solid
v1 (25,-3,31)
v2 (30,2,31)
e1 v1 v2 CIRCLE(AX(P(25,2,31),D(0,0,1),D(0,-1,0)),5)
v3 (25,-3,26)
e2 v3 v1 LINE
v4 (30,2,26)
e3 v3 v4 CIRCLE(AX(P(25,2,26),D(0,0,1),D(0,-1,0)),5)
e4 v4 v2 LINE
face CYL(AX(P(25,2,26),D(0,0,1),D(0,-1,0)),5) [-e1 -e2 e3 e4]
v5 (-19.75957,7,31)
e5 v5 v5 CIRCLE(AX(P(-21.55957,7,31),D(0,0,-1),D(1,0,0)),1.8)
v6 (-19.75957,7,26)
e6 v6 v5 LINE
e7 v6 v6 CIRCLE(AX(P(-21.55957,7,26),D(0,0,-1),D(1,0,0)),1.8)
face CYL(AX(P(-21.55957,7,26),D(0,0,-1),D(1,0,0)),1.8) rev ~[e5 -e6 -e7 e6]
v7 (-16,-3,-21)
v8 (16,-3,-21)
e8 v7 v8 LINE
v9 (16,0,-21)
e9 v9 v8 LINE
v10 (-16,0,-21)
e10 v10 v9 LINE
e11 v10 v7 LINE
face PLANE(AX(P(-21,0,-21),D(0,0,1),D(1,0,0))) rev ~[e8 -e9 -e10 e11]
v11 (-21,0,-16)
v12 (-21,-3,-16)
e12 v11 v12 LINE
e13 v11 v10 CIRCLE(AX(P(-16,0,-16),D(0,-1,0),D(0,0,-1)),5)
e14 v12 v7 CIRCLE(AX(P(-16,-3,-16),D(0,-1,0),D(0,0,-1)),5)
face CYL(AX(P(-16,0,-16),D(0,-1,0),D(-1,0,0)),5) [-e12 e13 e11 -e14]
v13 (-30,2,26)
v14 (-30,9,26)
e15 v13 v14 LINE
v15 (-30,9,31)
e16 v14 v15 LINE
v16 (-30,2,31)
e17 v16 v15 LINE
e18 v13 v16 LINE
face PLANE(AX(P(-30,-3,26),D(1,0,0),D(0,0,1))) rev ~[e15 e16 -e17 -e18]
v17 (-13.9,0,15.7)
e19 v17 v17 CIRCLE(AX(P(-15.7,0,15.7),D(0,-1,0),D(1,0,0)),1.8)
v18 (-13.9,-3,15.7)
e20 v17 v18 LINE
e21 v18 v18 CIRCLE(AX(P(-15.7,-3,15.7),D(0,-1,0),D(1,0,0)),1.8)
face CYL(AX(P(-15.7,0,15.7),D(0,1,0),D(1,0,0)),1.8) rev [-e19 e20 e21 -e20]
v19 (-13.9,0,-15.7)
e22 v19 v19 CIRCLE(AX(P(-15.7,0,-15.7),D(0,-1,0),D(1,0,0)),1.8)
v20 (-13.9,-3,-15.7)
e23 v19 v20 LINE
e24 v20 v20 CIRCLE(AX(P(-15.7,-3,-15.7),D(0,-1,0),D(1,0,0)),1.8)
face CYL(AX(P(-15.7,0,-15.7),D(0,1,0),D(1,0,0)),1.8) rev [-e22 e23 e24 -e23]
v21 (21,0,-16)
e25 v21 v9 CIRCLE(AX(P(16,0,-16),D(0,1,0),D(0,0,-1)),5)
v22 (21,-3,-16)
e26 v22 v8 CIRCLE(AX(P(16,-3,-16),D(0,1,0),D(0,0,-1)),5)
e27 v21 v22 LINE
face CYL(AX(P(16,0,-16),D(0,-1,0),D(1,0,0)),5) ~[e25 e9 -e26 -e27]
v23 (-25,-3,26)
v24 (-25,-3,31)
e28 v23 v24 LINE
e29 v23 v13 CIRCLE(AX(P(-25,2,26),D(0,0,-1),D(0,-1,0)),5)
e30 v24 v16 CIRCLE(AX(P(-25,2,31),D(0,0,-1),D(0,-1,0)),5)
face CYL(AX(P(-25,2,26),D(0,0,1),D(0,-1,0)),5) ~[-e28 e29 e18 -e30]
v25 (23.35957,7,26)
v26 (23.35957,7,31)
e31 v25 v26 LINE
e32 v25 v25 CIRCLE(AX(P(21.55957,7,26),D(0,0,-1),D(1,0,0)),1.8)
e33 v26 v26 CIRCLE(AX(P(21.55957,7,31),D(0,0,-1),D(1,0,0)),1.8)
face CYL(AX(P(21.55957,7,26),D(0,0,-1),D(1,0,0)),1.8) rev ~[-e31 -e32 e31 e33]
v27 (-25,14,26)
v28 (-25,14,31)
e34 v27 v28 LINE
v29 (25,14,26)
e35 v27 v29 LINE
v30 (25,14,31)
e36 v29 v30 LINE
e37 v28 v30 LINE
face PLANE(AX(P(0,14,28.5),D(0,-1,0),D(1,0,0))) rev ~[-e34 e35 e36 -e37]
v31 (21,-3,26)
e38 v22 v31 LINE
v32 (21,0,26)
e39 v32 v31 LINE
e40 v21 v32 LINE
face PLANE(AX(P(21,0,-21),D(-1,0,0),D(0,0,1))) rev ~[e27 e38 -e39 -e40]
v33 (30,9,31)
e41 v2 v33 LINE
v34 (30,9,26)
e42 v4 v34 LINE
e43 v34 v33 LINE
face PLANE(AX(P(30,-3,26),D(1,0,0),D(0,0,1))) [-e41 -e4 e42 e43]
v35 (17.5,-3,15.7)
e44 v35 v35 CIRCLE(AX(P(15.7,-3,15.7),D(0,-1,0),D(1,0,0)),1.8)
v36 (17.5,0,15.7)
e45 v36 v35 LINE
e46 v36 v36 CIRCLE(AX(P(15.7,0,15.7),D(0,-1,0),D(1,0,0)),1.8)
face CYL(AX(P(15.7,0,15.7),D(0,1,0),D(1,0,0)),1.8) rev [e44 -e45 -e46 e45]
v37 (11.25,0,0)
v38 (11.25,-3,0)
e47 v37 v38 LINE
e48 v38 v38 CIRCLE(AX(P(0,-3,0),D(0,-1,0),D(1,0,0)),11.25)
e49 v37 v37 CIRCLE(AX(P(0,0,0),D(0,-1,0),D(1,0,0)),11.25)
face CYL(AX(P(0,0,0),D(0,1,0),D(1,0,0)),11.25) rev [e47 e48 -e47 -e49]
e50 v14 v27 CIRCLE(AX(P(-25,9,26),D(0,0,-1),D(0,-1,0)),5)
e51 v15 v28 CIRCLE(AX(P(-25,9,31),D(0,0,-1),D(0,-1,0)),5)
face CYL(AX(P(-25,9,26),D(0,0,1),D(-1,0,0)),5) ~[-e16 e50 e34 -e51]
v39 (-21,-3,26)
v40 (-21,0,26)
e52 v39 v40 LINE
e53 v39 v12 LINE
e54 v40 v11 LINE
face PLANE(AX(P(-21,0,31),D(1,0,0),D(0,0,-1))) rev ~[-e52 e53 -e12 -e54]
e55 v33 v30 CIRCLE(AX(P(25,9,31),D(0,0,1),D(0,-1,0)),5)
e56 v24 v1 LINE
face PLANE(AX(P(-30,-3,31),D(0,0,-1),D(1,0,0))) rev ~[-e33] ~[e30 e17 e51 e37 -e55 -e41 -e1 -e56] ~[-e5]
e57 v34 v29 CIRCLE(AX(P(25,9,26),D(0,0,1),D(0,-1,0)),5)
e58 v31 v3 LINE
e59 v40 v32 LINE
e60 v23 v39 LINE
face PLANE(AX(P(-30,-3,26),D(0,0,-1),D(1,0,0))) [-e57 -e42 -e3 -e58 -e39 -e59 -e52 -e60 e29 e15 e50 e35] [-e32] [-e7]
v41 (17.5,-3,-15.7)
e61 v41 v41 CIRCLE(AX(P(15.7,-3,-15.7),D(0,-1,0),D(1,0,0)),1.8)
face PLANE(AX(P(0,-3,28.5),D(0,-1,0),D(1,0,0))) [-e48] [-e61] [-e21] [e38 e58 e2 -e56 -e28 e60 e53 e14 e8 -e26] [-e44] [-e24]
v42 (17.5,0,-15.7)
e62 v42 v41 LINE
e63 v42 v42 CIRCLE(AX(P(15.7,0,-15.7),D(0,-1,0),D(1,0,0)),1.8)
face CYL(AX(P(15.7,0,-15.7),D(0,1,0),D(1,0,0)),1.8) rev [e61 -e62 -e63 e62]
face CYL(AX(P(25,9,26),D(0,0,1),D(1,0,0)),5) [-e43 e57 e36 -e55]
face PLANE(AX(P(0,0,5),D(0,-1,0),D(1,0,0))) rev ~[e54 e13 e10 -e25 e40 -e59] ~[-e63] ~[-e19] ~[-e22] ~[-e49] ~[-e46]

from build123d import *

# Parameters (mm, degrees)
F0_R     = 1.8
F0_R_2   = 11.25
F1_DEPTH = 3
F2_W     = 60
F2_H     = 5
F3_DEPTH = 17
F4_R     = 1.8
F5_DEPTH = 5.001
F6_R     = 5
F7_R     = 5


with BuildPart() as f1:
    # F0 (on Front) → F1 (new body)
    with BuildSketch(Plane.XZ):
        Polygon((-21, -21), (21, -21), (21, 21), (21, 31), (-21, 31), (-21, 21), align=None)
        with Locations((-15.7, -15.7)):
            Circle(F0_R, mode=Mode.SUBTRACT)
        with Locations((15.7, -15.7)):
            Circle(F0_R, mode=Mode.SUBTRACT)
        Circle(F0_R_2, mode=Mode.SUBTRACT)
        with Locations((-15.7, 15.7)):
            Circle(F0_R, mode=Mode.SUBTRACT)
        with Locations((15.7, 15.7)):
            Circle(F0_R, mode=Mode.SUBTRACT)
    extrude(amount=F1_DEPTH)

    # F2 (on face) → F3 (join)
    with BuildSketch(Plane.XZ.offset(3)):
        with Locations((0, 28.5)):
            Rectangle(F2_W, F2_H)
    extrude(amount=-F3_DEPTH)

    # F4 (on face) → F5 (cut, through all)
    with BuildSketch(Plane(origin=(0, 0, 26), x_dir=(1, 0, 0), z_dir=(0, 0, -1))):
        with Locations((-21.55957, -7)):
            Circle(F4_R)
        with Locations((21.55957, -7)):
            Circle(F4_R)
    extrude(amount=-F5_DEPTH, mode=Mode.SUBTRACT)

    # F6
    f6_edges = [f1.edges().sort_by_distance(p)[0] for p in [
        (21, -1.5, -21),
        (-21, -1.5, -21),
    ]]
    fillet(f6_edges, radius=F6_R)

    # F7
    f7_edges = [f1.edges().sort_by_distance(p)[0] for p in [
        (-30, -3, 28.5),
        (-30, 14, 28.5),
        (30, -3, 28.5),
        (30, 14, 28.5),
    ]]
    fillet(f7_edges, radius=F7_R)


solid = f1.part
